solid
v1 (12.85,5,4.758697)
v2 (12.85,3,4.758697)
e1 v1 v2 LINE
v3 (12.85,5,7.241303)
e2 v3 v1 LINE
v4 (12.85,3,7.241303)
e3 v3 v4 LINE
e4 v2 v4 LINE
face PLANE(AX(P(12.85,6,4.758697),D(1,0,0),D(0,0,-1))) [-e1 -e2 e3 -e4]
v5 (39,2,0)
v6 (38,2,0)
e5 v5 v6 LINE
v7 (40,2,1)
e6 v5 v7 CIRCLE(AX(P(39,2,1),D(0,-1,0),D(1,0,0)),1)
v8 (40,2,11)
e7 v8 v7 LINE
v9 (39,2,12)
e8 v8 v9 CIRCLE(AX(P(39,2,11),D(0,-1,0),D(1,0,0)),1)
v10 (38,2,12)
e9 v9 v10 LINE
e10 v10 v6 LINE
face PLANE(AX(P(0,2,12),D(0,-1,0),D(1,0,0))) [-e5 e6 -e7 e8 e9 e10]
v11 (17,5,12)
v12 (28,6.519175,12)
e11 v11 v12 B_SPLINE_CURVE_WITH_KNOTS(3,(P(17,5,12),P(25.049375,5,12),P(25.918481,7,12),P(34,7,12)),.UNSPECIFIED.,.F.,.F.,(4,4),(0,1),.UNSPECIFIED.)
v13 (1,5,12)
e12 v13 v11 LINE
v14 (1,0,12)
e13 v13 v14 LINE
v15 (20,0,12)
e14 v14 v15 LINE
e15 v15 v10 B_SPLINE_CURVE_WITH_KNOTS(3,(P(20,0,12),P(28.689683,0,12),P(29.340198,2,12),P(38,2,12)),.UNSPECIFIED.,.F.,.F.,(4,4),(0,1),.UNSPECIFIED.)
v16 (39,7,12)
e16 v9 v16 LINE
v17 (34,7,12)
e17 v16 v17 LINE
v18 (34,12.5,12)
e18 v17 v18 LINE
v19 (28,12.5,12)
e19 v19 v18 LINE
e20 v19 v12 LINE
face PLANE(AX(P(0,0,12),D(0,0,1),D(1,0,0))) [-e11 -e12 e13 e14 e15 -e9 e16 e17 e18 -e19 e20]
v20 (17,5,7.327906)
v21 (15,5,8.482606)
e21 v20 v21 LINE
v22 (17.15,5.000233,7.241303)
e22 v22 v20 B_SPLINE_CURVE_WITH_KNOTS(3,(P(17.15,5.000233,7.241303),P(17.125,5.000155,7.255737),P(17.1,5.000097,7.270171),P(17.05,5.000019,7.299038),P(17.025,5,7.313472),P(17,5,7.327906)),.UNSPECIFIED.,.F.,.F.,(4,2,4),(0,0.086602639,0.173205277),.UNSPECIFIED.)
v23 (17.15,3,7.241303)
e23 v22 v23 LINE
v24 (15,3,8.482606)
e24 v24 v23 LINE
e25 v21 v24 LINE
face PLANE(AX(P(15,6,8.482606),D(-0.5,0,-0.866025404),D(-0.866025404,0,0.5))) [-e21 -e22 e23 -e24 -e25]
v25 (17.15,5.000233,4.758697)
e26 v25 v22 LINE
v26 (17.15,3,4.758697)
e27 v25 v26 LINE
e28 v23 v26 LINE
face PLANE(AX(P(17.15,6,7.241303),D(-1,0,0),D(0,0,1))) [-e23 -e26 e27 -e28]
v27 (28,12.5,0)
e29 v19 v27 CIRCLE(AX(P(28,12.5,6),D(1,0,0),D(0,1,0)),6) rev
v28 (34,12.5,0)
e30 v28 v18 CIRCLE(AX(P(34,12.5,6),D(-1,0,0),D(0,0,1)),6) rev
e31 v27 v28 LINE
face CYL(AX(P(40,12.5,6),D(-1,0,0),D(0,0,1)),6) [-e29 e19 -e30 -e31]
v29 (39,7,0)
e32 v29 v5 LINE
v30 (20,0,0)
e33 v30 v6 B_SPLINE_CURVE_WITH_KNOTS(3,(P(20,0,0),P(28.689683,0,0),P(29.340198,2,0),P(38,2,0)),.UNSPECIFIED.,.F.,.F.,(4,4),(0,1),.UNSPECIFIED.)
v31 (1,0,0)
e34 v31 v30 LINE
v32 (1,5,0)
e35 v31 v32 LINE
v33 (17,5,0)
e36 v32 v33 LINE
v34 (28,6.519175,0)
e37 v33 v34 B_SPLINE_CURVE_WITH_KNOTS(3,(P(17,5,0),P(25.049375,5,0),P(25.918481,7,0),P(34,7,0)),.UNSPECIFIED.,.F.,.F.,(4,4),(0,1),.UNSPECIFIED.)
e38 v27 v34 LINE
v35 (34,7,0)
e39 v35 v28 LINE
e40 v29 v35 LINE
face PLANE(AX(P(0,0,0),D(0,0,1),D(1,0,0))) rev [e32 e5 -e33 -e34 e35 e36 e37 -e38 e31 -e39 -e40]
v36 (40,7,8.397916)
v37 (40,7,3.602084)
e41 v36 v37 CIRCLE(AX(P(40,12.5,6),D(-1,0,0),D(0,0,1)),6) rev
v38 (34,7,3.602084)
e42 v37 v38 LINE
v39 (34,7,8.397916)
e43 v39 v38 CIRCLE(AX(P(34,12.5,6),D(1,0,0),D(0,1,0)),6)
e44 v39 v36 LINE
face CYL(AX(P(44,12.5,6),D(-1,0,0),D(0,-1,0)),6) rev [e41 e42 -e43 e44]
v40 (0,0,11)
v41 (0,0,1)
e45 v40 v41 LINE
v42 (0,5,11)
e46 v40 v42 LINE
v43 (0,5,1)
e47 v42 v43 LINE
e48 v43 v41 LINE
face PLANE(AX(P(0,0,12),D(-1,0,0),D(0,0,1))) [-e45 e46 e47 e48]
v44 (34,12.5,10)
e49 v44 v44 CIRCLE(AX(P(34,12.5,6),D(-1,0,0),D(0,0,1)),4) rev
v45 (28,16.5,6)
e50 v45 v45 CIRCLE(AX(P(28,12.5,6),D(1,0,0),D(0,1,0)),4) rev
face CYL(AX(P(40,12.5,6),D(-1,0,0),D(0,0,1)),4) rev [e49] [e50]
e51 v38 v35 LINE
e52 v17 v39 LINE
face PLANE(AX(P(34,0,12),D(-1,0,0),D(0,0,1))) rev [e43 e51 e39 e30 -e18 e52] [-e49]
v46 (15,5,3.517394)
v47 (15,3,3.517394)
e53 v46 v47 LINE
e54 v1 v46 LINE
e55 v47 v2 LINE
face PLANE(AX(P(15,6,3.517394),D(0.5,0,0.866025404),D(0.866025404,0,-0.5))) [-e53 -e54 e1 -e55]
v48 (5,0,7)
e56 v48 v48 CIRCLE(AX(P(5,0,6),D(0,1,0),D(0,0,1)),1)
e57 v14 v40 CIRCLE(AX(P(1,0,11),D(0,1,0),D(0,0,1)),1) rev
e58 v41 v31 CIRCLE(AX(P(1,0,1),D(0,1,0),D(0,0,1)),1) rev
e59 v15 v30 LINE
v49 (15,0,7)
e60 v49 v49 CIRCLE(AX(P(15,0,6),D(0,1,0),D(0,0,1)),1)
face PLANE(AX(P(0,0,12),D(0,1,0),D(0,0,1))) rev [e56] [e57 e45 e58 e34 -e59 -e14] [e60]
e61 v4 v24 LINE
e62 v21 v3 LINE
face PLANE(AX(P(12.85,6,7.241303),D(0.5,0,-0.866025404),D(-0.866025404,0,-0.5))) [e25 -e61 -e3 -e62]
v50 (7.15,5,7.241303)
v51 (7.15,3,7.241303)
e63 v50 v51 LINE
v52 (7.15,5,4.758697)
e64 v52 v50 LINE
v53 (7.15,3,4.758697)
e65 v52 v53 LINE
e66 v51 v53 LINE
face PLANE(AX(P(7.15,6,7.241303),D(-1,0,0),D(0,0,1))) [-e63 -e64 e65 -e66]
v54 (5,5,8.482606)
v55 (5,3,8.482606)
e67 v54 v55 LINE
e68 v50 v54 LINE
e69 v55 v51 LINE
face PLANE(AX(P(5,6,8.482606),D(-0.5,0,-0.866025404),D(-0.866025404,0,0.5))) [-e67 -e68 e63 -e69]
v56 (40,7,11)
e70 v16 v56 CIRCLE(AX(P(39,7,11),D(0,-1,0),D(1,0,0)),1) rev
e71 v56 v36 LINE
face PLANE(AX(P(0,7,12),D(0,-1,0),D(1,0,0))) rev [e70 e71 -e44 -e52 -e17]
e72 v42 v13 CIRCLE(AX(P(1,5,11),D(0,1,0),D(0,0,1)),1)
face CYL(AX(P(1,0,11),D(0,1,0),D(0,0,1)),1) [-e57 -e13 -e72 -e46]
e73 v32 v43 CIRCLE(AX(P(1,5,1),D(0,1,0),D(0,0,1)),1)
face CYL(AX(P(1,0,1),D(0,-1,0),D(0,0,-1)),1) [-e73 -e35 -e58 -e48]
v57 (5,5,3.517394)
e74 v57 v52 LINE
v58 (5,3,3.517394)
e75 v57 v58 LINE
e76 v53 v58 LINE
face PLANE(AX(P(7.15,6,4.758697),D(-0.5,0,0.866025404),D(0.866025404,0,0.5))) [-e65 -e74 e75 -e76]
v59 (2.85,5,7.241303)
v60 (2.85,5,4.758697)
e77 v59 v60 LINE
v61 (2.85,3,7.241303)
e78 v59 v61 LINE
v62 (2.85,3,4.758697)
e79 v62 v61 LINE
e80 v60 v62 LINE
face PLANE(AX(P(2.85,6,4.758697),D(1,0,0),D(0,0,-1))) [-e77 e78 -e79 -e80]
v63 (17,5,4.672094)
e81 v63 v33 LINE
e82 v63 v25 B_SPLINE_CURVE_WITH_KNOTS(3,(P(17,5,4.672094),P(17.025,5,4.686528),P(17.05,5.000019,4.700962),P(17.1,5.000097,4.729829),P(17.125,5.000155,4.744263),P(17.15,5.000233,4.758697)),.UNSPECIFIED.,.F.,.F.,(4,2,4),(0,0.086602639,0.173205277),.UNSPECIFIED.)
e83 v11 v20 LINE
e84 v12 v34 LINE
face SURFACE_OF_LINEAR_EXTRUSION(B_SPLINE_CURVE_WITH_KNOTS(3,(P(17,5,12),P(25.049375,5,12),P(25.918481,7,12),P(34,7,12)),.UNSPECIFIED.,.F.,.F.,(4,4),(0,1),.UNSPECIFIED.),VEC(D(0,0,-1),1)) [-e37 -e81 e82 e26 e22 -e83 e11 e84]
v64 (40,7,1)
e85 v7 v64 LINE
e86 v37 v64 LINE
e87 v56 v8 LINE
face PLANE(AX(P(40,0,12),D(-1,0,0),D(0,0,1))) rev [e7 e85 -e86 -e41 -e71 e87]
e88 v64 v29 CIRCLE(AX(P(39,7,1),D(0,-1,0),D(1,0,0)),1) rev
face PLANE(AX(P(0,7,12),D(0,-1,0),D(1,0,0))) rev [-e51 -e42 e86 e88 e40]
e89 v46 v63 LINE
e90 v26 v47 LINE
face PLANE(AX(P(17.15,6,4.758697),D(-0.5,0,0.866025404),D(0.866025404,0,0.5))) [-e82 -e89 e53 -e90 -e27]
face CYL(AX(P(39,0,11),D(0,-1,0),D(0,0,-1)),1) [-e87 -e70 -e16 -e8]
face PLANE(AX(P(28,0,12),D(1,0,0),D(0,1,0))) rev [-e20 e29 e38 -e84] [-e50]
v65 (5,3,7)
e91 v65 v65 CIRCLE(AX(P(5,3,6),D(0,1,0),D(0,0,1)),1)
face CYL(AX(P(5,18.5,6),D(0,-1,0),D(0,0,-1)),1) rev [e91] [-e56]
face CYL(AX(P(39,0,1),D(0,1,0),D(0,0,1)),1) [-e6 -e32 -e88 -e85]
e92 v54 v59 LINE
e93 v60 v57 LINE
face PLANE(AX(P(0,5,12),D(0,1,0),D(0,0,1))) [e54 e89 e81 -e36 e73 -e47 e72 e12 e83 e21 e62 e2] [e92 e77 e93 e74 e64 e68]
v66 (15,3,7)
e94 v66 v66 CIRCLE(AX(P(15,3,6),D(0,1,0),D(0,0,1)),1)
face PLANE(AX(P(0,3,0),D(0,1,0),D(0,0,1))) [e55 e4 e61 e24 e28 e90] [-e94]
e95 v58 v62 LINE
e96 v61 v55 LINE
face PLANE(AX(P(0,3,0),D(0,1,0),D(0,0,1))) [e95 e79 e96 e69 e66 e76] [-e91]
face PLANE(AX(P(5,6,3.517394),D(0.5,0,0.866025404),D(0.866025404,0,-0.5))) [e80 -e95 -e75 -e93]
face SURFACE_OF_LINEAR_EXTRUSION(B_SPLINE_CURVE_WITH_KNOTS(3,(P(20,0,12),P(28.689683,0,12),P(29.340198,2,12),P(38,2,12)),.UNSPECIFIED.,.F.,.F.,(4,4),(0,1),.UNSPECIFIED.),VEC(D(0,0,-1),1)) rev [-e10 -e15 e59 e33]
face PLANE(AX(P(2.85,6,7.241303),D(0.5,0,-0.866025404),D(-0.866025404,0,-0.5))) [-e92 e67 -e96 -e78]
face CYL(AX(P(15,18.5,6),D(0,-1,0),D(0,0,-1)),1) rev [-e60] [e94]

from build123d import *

# Parameters (mm, degrees)
BOSS_EXTRUDE1_DEPTH     = 12
SKETCH2_R               = 4
CUT_EXTRUDE1_DEPTH      = 46.675485921
SKETCH3_R               = 1
CUT_EXTRUDE2_DEPTH      = 46.67548588
FILLET2_R               = 1
SKETCH5_R               = 6
CUT_EXTRUDE3_DEPTH      = 10
CUT_EXTRUDE4_DEPTH      = 1
CUT_EXTRUDE4_DEPTH_BACK = 2


with BuildPart() as part:
    # Sketch1 → Boss-Extrude1 (new body)
    with BuildSketch(Plane.XY):
        with BuildLine():
            Line((0, 5), (0, 0))
            Line((0, 0), (20, 0))
            add(Edge.make_bspline(
                [(20, 0), (28.689683173, 0), (29.340198242, 2), (38, 2)],
                knots=[0, 0, 0, 0, 1, 1, 1, 1], degree=3))
            Line((38, 2), (40, 2))
            Line((40, 2), (40, 7))
            Line((40, 7), (34, 7))
            Line((34, 7), (34, 18.5))
            Line((34, 18.5), (28, 18.5))
            Line((28, 18.5), (28, 6.519175256))
            add(Edge.make_bspline(
                [(17, 5), (22.481298088, 5), (24.633063977, 5.927411475), (28, 6.519175256)],
                knots=[0, 0, 0, 0, 0.680959424, 0.680959424, 0.680959424, 0.680959424], degree=3))
            Line((17, 5), (0, 5))
        make_face()
    extrude(amount=BOSS_EXTRUDE1_DEPTH)

    # Sketch2 → Cut-Extrude1 (cut, through all)
    with BuildSketch(Plane(origin=(0, 0, 0), x_dir=(0, 0, -1), z_dir=(1, 0, 0))):
        with BuildLine():
            Line((0, 12.5), (0, 18.5))
            Line((0, 18.5), (-6, 18.5))
            ThreePointArc((-6, 18.5), (-1.757359313, 16.742640687), (0, 12.5))
        make_face()
        with BuildLine():
            ThreePointArc((-12, 12.5), (-10.242640687, 16.742640687), (-6, 18.5))
            Line((-6, 18.5), (-12, 18.5))
            Line((-12, 18.5), (-12, 12.5))
        make_face()
        with Locations(Location((-6, 12.5, 0), (0, 0, 180))):
            Circle(SKETCH2_R)
    extrude(amount=CUT_EXTRUDE1_DEPTH, mode=Mode.SUBTRACT)

    # Sketch3 → Cut-Extrude2 (cut, through all)
    with BuildSketch(Plane(origin=(0, 0, 0), x_dir=(1, 0, 0), z_dir=(0, 1, 0))):
        with Locations(Location((15, -6, 0), (0, 0, 270))):
            Circle(SKETCH3_R)
        with Locations(Location((5, -6, 0), (0, 0, 270))):
            Circle(SKETCH3_R)
    extrude(amount=CUT_EXTRUDE2_DEPTH, mode=Mode.SUBTRACT)

    # Fillet2
    fillet2_edges = [part.edges().sort_by_distance(p)[0] for p in [
        (0, 2.5, 12),
        (40, 4.5, 0),
        (0, 2.5, 0),
        (40, 4.5, 12),
    ]]
    fillet(fillet2_edges, radius=FILLET2_R)

    # Sketch5 → Cut-Extrude3 (cut)
    with BuildSketch(Plane(origin=(34, 0, 0), x_dir=(0, 0, -1), z_dir=(1, 0, 0))):
        with Locations((-6, 12.5)):
            Circle(SKETCH5_R)
    extrude(amount=CUT_EXTRUDE3_DEPTH, mode=Mode.SUBTRACT)

    # Sketch6 → Cut-Extrude4 (cut, two sides: drawn at the far end of the back side and taken through both)
    with BuildSketch(Plane(origin=(0, 5, 0), x_dir=(1, 0, 0), z_dir=(0, 1, 0)).offset(-CUT_EXTRUDE4_DEPTH_BACK)):
        Polygon((12.85, -4.758696921), (12.85, -7.241303079), (15, -8.482606158), (17.15, -7.241303079), (17.15, -4.758696921), (15, -3.517393842), align=None)
        Polygon((5, -3.517393842), (2.85, -4.758696921), (2.85, -7.241303079), (5, -8.482606158), (7.15, -7.241303079), (7.15, -4.758696921), align=None)
    extrude(amount=CUT_EXTRUDE4_DEPTH + CUT_EXTRUDE4_DEPTH_BACK, mode=Mode.SUBTRACT)


solid = part.part
